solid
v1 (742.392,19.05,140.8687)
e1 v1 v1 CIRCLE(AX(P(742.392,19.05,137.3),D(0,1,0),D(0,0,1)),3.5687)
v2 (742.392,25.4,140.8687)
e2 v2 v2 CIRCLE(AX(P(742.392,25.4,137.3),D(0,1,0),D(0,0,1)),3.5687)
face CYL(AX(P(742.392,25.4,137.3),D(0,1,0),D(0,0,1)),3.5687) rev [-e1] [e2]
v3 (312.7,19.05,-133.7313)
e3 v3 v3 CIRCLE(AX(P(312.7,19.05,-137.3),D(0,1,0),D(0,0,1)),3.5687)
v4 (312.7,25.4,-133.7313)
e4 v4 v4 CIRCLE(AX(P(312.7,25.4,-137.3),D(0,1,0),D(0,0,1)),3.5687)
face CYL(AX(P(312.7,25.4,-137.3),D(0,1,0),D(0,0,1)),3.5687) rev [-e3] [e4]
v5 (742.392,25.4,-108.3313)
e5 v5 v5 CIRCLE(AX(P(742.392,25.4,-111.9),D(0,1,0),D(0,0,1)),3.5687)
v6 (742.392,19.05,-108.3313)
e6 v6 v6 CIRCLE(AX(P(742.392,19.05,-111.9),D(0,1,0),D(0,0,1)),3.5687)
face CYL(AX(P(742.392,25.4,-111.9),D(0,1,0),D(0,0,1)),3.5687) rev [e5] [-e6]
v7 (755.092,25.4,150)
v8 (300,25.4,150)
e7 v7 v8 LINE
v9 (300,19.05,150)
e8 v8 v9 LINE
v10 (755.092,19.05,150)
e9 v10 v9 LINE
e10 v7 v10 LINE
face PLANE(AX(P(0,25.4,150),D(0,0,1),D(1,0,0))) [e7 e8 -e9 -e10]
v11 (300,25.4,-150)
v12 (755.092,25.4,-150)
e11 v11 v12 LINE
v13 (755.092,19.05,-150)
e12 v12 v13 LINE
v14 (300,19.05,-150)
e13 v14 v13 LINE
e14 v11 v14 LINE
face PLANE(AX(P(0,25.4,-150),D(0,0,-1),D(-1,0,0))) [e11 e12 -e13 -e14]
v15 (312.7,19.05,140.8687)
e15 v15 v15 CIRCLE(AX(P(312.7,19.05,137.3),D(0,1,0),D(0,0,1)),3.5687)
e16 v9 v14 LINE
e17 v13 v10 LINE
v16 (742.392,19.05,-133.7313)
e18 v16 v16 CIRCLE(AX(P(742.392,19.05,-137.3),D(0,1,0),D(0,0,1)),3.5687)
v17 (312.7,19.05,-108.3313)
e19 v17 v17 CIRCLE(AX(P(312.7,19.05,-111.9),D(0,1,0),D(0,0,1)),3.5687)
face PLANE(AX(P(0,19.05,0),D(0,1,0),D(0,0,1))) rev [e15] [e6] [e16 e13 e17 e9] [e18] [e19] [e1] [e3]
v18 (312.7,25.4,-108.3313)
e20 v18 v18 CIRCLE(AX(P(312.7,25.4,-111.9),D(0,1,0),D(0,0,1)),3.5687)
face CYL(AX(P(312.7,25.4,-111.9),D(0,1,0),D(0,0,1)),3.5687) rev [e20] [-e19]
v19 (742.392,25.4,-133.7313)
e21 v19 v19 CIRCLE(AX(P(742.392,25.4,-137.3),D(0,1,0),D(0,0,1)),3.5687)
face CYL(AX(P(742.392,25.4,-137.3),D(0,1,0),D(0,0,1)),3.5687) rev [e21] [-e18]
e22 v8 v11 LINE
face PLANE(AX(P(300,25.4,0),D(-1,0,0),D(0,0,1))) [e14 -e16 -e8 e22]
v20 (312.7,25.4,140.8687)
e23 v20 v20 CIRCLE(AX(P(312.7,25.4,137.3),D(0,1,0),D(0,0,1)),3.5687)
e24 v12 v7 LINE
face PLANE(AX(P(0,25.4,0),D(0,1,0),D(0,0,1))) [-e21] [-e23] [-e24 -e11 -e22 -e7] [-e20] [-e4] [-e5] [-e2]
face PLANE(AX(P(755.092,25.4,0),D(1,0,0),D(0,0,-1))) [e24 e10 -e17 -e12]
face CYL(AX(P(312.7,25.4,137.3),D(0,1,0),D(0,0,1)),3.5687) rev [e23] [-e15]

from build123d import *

# Parameters (mm, degrees)
BOSS_EXTRUDE1_START              = 19.05
SKETCH2_W                        = 600
SKETCH2_H                        = 256.45
BOSS_EXTRUDE1_DEPTH              = 6.35
BOSS_EXTRUDE2_START              = 19.05
SKETCH2_4_W                      = 455.092
SKETCH2_4_H                      = 256.45
BOSS_EXTRUDE2_DEPTH              = 6.35
BOSS_EXTRUDE3_START              = 19.05
SKETCH2_5_W                      = 455.092
SKETCH2_5_H                      = 300
BOSS_EXTRUDE3_DEPTH              = 6.35
SKETCH8_W                        = 3.5687
SKETCH8_H                        = 6.35
F_1_4_CLEARANCE_HOLE2_AT_2_COUNT = 2
F_1_4_CLEARANCE_HOLE2_AT_2_PITCH = 231.05
F_1_4_CLEARANCE_HOLE2_AT_3_COUNT = 2
F_1_4_CLEARANCE_HOLE2_AT_3_PITCH = 595.822744195
F_1_4_CLEARANCE_HOLE2_AT_4_COUNT = 2
F_1_4_CLEARANCE_HOLE2_AT_4_PITCH = 619.31354135
F_1_4_CLEARANCE_HOLE2_AT_5_COUNT = 2
F_1_4_CLEARANCE_HOLE2_AT_5_PITCH = 523.8
F_1_4_CLEARANCE_HOLE2_AT_6_COUNT = 2
F_1_4_CLEARANCE_HOLE2_AT_6_PITCH = 549.2
F_1_4_CLEARANCE_HOLE2_AT_7_COUNT = 2
F_1_4_CLEARANCE_HOLE2_AT_7_PITCH = 574.6
SKETCH10_W                       = 3.5687
SKETCH10_H                       = 6.35
F_1_4_CLEARANCE_HOLE3_AT_2_COUNT = 2
F_1_4_CLEARANCE_HOLE3_AT_2_PITCH = 25.4
F_1_4_CLEARANCE_HOLE3_AT_3_COUNT = 2
F_1_4_CLEARANCE_HOLE3_AT_3_PITCH = 50.8
F_1_4_CLEARANCE_HOLE3_AT_4_COUNT = 2
F_1_4_CLEARANCE_HOLE3_AT_4_PITCH = 231.05
F_1_4_CLEARANCE_HOLE3_AT_5_COUNT = 2
F_1_4_CLEARANCE_HOLE3_AT_5_PITCH = 487.872234672
F_1_4_CLEARANCE_HOLE3_AT_6_COUNT = 2
F_1_4_CLEARANCE_HOLE3_AT_6_PITCH = 476.368698976
F_1_4_CLEARANCE_HOLE3_AT_7_COUNT = 2
F_1_4_CLEARANCE_HOLE3_AT_7_PITCH = 429.692
SKETCH12_W                       = 3.5687
SKETCH12_H                       = 6.35
F_1_4_CLEARANCE_HOLE4_AT_2_COUNT = 2
F_1_4_CLEARANCE_HOLE4_AT_2_PITCH = 25.4
F_1_4_CLEARANCE_HOLE4_AT_3_COUNT = 2
F_1_4_CLEARANCE_HOLE4_AT_3_PITCH = 249.2
F_1_4_CLEARANCE_HOLE4_AT_4_COUNT = 2
F_1_4_CLEARANCE_HOLE4_AT_4_PITCH = 496.725130091
F_1_4_CLEARANCE_HOLE4_AT_5_COUNT = 2
F_1_4_CLEARANCE_HOLE4_AT_5_PITCH = 429.692
F_1_4_CLEARANCE_HOLE4_AT_6_COUNT = 2
F_1_4_CLEARANCE_HOLE4_AT_6_PITCH = 430.442069115
SKETCH14_W                       = 2.4892
SKETCH14_H                       = 6.35
F_8_CLEARANCE_HOLE2_AT_2_COUNT   = 2
F_8_CLEARANCE_HOLE2_AT_2_PITCH   = 128.5875
SKETCH16_W                       = 2.4892
SKETCH16_H                       = 6.35
F_8_CLEARANCE_HOLE3_AT_2_COUNT   = 2
F_8_CLEARANCE_HOLE3_AT_2_PITCH   = 128.5875
SKETCH17_R                       = 3.5687
BOSS_EXTRUDE4_DEPTH              = 6.35
FILLET2_R                        = 6.35
SKETCH18_W                       = 152.4
SKETCH18_H                       = 25.4
SKETCH18_R                       = 3.5687
BOSS_EXTRUDE5_DEPTH              = 6.35
SKETCH19_W                       = 25.4
SKETCH19_H                       = 101.6
SKETCH19_R                       = 3.5687
BOSS_EXTRUDE6_DEPTH              = 6.35


with BuildPart() as part:
    # Sketch2 → Boss-Extrude1 (new body)
    with BuildSketch(Plane(origin=(0, 0, 0), x_dir=(1, 0, 0), z_dir=(0, 1, 0)).offset(BOSS_EXTRUDE1_START)):
        with Locations((0, 278.225)):
            Rectangle(SKETCH2_W, SKETCH2_H)
    extrude(amount=BOSS_EXTRUDE1_DEPTH)

    # Sketch8 → 1/4 Clearance Hole2 (revolve, cut)
    with BuildSketch(Plane(origin=(-287.3, 25.4, -393.75), x_dir=(0, 0, 1), z_dir=(1, 0, 0))):
        with Locations((1.78435, 3.175)):
            Rectangle(SKETCH8_W, SKETCH8_H)
    f_1_4_clearance_hole2 = revolve(axis=Axis((-287.3, 31.75, -393.75), (0, -1, 0)), mode=Mode.SUBTRACT)

    # 1/4 Clearance Hole2 at 2: 1/4 Clearance Hole2 ×2
    with Locations(*[(0, 0, i * F_1_4_CLEARANCE_HOLE2_AT_2_PITCH) for i in range(1, F_1_4_CLEARANCE_HOLE2_AT_2_COUNT)]):
        add(f_1_4_clearance_hole2, mode=Mode.SUBTRACT)

    # 1/4 Clearance Hole2 at 3: 1/4 Clearance Hole2 ×2
    with Locations(*[Vector(0.9217506470687957, 0, 0.3877831154501913) * (i * F_1_4_CLEARANCE_HOLE2_AT_3_PITCH) for i in range(1, F_1_4_CLEARANCE_HOLE2_AT_3_COUNT)]):
        add(f_1_4_clearance_hole2, mode=Mode.SUBTRACT)

    # 1/4 Clearance Hole2 at 4: 1/4 Clearance Hole2 ×2
    with Locations(*[Vector(0.9278014473041833, 0, 0.37307435502894426) * (i * F_1_4_CLEARANCE_HOLE2_AT_4_PITCH) for i in range(1, F_1_4_CLEARANCE_HOLE2_AT_4_COUNT)]):
        add(f_1_4_clearance_hole2, mode=Mode.SUBTRACT)

    # 1/4 Clearance Hole2 at 5: 1/4 Clearance Hole2 ×2
    with Locations(*[(i * F_1_4_CLEARANCE_HOLE2_AT_5_PITCH, 0, 0) for i in range(1, F_1_4_CLEARANCE_HOLE2_AT_5_COUNT)]):
        add(f_1_4_clearance_hole2, mode=Mode.SUBTRACT)

    # 1/4 Clearance Hole2 at 6: 1/4 Clearance Hole2 ×2
    with Locations(*[(i * F_1_4_CLEARANCE_HOLE2_AT_6_PITCH, 0, 0) for i in range(1, F_1_4_CLEARANCE_HOLE2_AT_6_COUNT)]):
        add(f_1_4_clearance_hole2, mode=Mode.SUBTRACT)

    # 1/4 Clearance Hole2 at 7: 1/4 Clearance Hole2 ×2
    with Locations(*[(i * F_1_4_CLEARANCE_HOLE2_AT_7_PITCH, 0, 0) for i in range(1, F_1_4_CLEARANCE_HOLE2_AT_7_COUNT)]):
        add(f_1_4_clearance_hole2, mode=Mode.SUBTRACT)

    # Sketch14 → #8 Clearance Hole2 (revolve, cut)
    with BuildSketch(Plane(origin=(-268.25, 25.4, -351.68125), x_dir=(0, 0, 1), z_dir=(1, 0, 0))):
        with Locations((1.2446, 3.175)):
            Rectangle(SKETCH14_W, SKETCH14_H)
    f_8_clearance_hole2 = revolve(axis=Axis((-268.25, 31.75, -351.68125), (0, -1, 0)), mode=Mode.SUBTRACT)

    # #8 Clearance Hole2 at 2: #8 Clearance Hole2 ×2
    with Locations(*[(0, 0, i * F_8_CLEARANCE_HOLE2_AT_2_PITCH) for i in range(1, F_8_CLEARANCE_HOLE2_AT_2_COUNT)]):
        add(f_8_clearance_hole2, mode=Mode.SUBTRACT)


with BuildPart() as body_2:
    # Sketch2<4> → Boss-Extrude2 (new body)
    with BuildSketch(Plane(origin=(0, 0, 0), x_dir=(1, 0, 0), z_dir=(0, 1, 0)).offset(BOSS_EXTRUDE2_START)):
        with Locations((527.546, 278.225)):
            Rectangle(SKETCH2_4_W, SKETCH2_4_H)
    extrude(amount=BOSS_EXTRUDE2_DEPTH)

    # Sketch10 → 1/4 Clearance Hole3 (revolve, cut)
    with BuildSketch(Plane(origin=(312.7, 25.4, -393.75), x_dir=(0, 0, 1), z_dir=(1, 0, 0))):
        with Locations((1.78435, 3.175)):
            Rectangle(SKETCH10_W, SKETCH10_H)
    f_1_4_clearance_hole3 = revolve(axis=Axis((312.7, 31.75, -393.75), (0, -1, 0)), mode=Mode.SUBTRACT)

    # 1/4 Clearance Hole3 at 2: 1/4 Clearance Hole3 ×2
    with Locations(*[(i * F_1_4_CLEARANCE_HOLE3_AT_2_PITCH, 0, 0) for i in range(1, F_1_4_CLEARANCE_HOLE3_AT_2_COUNT)]):
        add(f_1_4_clearance_hole3, mode=Mode.SUBTRACT)

    # 1/4 Clearance Hole3 at 3: 1/4 Clearance Hole3 ×2
    with Locations(*[(i * F_1_4_CLEARANCE_HOLE3_AT_3_PITCH, 0, 0) for i in range(1, F_1_4_CLEARANCE_HOLE3_AT_3_COUNT)]):
        add(f_1_4_clearance_hole3, mode=Mode.SUBTRACT)

    # 1/4 Clearance Hole3 at 4: 1/4 Clearance Hole3 ×2
    with Locations(*[(0, 0, i * F_1_4_CLEARANCE_HOLE3_AT_4_PITCH) for i in range(1, F_1_4_CLEARANCE_HOLE3_AT_4_COUNT)]):
        add(f_1_4_clearance_hole3, mode=Mode.SUBTRACT)

    # 1/4 Clearance Hole3 at 5: 1/4 Clearance Hole3 ×2
    with Locations(*[Vector(0.880746985506873, 0, 0.47358710658183684) * (i * F_1_4_CLEARANCE_HOLE3_AT_5_PITCH) for i in range(1, F_1_4_CLEARANCE_HOLE3_AT_5_COUNT)]):
        add(f_1_4_clearance_hole3, mode=Mode.SUBTRACT)

    # 1/4 Clearance Hole3 at 6: 1/4 Clearance Hole3 ×2
    with Locations(*[Vector(0.9020156045595491, 0, 0.4317034272866863) * (i * F_1_4_CLEARANCE_HOLE3_AT_6_PITCH) for i in range(1, F_1_4_CLEARANCE_HOLE3_AT_6_COUNT)]):
        add(f_1_4_clearance_hole3, mode=Mode.SUBTRACT)

    # 1/4 Clearance Hole3 at 7: 1/4 Clearance Hole3 ×2
    with Locations(*[(i * F_1_4_CLEARANCE_HOLE3_AT_7_PITCH, 0, 0) for i in range(1, F_1_4_CLEARANCE_HOLE3_AT_7_COUNT)]):
        add(f_1_4_clearance_hole3, mode=Mode.SUBTRACT)

    # Sketch16 → #8 Clearance Hole3 (revolve, cut)
    with BuildSketch(Plane(origin=(723.342, 25.4, -351.68125), x_dir=(0, 0, 1), z_dir=(1, 0, 0))):
        with Locations((1.2446, 3.175)):
            Rectangle(SKETCH16_W, SKETCH16_H)
    f_8_clearance_hole3 = revolve(axis=Axis((723.342, 31.75, -351.68125), (0, -1, 0)), mode=Mode.SUBTRACT)

    # #8 Clearance Hole3 at 2: #8 Clearance Hole3 ×2
    with Locations(*[(0, 0, i * F_8_CLEARANCE_HOLE3_AT_2_PITCH) for i in range(1, F_8_CLEARANCE_HOLE3_AT_2_COUNT)]):
        add(f_8_clearance_hole3, mode=Mode.SUBTRACT)


with BuildPart() as body_3:
    # Sketch2<5> → Boss-Extrude3 (new body)
    with BuildSketch(Plane(origin=(0, 0, 0), x_dir=(1, 0, 0), z_dir=(0, 1, 0)).offset(BOSS_EXTRUDE3_START)):
        with Locations((527.546, 0)):
            Rectangle(SKETCH2_5_W, SKETCH2_5_H)
    extrude(amount=BOSS_EXTRUDE3_DEPTH)

    # Sketch12 → 1/4 Clearance Hole4 (revolve, cut)
    with BuildSketch(Plane(origin=(312.7, 25.4, -111.9), x_dir=(0, 0, 1), z_dir=(1, 0, 0))):
        with Locations((1.78435, 3.175)):
            Rectangle(SKETCH12_W, SKETCH12_H)
    f_1_4_clearance_hole4 = revolve(axis=Axis((312.7, 31.75, -111.9), (0, -1, 0)), mode=Mode.SUBTRACT)

    # 1/4 Clearance Hole4 at 2: 1/4 Clearance Hole4 ×2
    with Locations(*[(0, 0, -i * F_1_4_CLEARANCE_HOLE4_AT_2_PITCH) for i in range(1, F_1_4_CLEARANCE_HOLE4_AT_2_COUNT)]):
        add(f_1_4_clearance_hole4, mode=Mode.SUBTRACT)

    # 1/4 Clearance Hole4 at 3: 1/4 Clearance Hole4 ×2
    with Locations(*[(0, 0, i * F_1_4_CLEARANCE_HOLE4_AT_3_PITCH) for i in range(1, F_1_4_CLEARANCE_HOLE4_AT_3_COUNT)]):
        add(f_1_4_clearance_hole4, mode=Mode.SUBTRACT)

    # 1/4 Clearance Hole4 at 4: 1/4 Clearance Hole4 ×2
    with Locations(*[Vector(0.865049851456502, 0, 0.5016859121951541) * (i * F_1_4_CLEARANCE_HOLE4_AT_4_PITCH) for i in range(1, F_1_4_CLEARANCE_HOLE4_AT_4_COUNT)]):
        add(f_1_4_clearance_hole4, mode=Mode.SUBTRACT)

    # 1/4 Clearance Hole4 at 5: 1/4 Clearance Hole4 ×2
    with Locations(*[(i * F_1_4_CLEARANCE_HOLE4_AT_5_PITCH, 0, 0) for i in range(1, F_1_4_CLEARANCE_HOLE4_AT_5_COUNT)]):
        add(f_1_4_clearance_hole4, mode=Mode.SUBTRACT)

    # 1/4 Clearance Hole4 at 6: 1/4 Clearance Hole4 ×2
    with Locations(*[Vector(0.998257444685787, 0, -0.05900910208944768) * (i * F_1_4_CLEARANCE_HOLE4_AT_6_PITCH) for i in range(1, F_1_4_CLEARANCE_HOLE4_AT_6_COUNT)]):
        add(f_1_4_clearance_hole4, mode=Mode.SUBTRACT)


with BuildPart() as body_4:
    # Sketch17 → Boss-Extrude4 (new body)
    with BuildSketch(Plane(origin=(0, 25.4, 0), x_dir=(1, 0, 0), z_dir=(0, 1, 0))):
        Polygon((249.2, 150), (249.2, 175.4), (325.4, 175.4), (325.4, 99.2), (300, 99.2), (300, 150), align=None)
        with Locations(Location((261.9, 162.7, 0), (0, 0, 270))):
            Circle(SKETCH17_R, mode=Mode.SUBTRACT)
        with Locations(Location((287.3, 162.7, 0), (0, 0, 270))):
            Circle(SKETCH17_R, mode=Mode.SUBTRACT)
        with Locations(Location((312.7, 162.7, 0), (0, 0, 270))):
            Circle(SKETCH17_R, mode=Mode.SUBTRACT)
        with Locations(Location((312.7, 137.3, 0), (0, 0, 270))):
            Circle(SKETCH17_R, mode=Mode.SUBTRACT)
        with Locations(Location((312.7, 111.9, 0), (0, 0, 270))):
            Circle(SKETCH17_R, mode=Mode.SUBTRACT)
    extrude(amount=BOSS_EXTRUDE4_DEPTH)

    # Fillet2
    fillet2_edges = [body_4.edges().sort_by_distance(p)[0] for p in [
        (249.2, 28.575, -150),
        (249.2, 28.575, -175.4),
        (325.4, 28.575, -175.4),
        (325.4, 28.575, -99.2),
        (300, 28.575, -99.2),
    ]]
    fillet(fillet2_edges, radius=FILLET2_R)


with BuildPart() as body_5:
    # Sketch18 → Boss-Extrude5 (new body)
    with BuildSketch(Plane(origin=(0, 25.4, 0), x_dir=(1, 0, 0), z_dir=(0, 1, 0))):
        with Locations((300, 393.75)):
            Rectangle(SKETCH18_W, SKETCH18_H)
        with Locations(Location((236.5, 393.75, 0), (0, 0, 270))):
            Circle(SKETCH18_R, mode=Mode.SUBTRACT)
        with Locations(Location((261.9, 393.75, 0), (0, 0, 270))):
            Circle(SKETCH18_R, mode=Mode.SUBTRACT)
        with Locations(Location((287.3, 393.75, 0), (0, 0, 270))):
            Circle(SKETCH18_R, mode=Mode.SUBTRACT)
        with Locations(Location((312.7, 393.75, 0), (0, 0, 270))):
            Circle(SKETCH18_R, mode=Mode.SUBTRACT)
        with Locations(Location((338.1, 393.75, 0), (0, 0, 270))):
            Circle(SKETCH18_R, mode=Mode.SUBTRACT)
        with Locations(Location((363.5, 393.75, 0), (0, 0, 270))):
            Circle(SKETCH18_R, mode=Mode.SUBTRACT)
    extrude(amount=BOSS_EXTRUDE5_DEPTH)


with BuildPart() as body_6:
    # Sketch19 → Boss-Extrude6 (new body)
    with BuildSketch(Plane(origin=(0, 25.4, 0), x_dir=(1, 0, 0), z_dir=(0, 1, 0))):
        with Locations((742.392, 150)):
            Rectangle(SKETCH19_W, SKETCH19_H)
        with Locations(Location((742.392, 111.9, 0), (0, 0, 270))):
            Circle(SKETCH19_R, mode=Mode.SUBTRACT)
        with Locations(Location((742.392, 137.3, 0), (0, 0, 270))):
            Circle(SKETCH19_R, mode=Mode.SUBTRACT)
        with Locations((742.392, 162.7)):
            Circle(SKETCH19_R, mode=Mode.SUBTRACT)
        with Locations((742.392, 188.1)):
            Circle(SKETCH19_R, mode=Mode.SUBTRACT)
    extrude(amount=BOSS_EXTRUDE6_DEPTH)


solid = body_3.part
